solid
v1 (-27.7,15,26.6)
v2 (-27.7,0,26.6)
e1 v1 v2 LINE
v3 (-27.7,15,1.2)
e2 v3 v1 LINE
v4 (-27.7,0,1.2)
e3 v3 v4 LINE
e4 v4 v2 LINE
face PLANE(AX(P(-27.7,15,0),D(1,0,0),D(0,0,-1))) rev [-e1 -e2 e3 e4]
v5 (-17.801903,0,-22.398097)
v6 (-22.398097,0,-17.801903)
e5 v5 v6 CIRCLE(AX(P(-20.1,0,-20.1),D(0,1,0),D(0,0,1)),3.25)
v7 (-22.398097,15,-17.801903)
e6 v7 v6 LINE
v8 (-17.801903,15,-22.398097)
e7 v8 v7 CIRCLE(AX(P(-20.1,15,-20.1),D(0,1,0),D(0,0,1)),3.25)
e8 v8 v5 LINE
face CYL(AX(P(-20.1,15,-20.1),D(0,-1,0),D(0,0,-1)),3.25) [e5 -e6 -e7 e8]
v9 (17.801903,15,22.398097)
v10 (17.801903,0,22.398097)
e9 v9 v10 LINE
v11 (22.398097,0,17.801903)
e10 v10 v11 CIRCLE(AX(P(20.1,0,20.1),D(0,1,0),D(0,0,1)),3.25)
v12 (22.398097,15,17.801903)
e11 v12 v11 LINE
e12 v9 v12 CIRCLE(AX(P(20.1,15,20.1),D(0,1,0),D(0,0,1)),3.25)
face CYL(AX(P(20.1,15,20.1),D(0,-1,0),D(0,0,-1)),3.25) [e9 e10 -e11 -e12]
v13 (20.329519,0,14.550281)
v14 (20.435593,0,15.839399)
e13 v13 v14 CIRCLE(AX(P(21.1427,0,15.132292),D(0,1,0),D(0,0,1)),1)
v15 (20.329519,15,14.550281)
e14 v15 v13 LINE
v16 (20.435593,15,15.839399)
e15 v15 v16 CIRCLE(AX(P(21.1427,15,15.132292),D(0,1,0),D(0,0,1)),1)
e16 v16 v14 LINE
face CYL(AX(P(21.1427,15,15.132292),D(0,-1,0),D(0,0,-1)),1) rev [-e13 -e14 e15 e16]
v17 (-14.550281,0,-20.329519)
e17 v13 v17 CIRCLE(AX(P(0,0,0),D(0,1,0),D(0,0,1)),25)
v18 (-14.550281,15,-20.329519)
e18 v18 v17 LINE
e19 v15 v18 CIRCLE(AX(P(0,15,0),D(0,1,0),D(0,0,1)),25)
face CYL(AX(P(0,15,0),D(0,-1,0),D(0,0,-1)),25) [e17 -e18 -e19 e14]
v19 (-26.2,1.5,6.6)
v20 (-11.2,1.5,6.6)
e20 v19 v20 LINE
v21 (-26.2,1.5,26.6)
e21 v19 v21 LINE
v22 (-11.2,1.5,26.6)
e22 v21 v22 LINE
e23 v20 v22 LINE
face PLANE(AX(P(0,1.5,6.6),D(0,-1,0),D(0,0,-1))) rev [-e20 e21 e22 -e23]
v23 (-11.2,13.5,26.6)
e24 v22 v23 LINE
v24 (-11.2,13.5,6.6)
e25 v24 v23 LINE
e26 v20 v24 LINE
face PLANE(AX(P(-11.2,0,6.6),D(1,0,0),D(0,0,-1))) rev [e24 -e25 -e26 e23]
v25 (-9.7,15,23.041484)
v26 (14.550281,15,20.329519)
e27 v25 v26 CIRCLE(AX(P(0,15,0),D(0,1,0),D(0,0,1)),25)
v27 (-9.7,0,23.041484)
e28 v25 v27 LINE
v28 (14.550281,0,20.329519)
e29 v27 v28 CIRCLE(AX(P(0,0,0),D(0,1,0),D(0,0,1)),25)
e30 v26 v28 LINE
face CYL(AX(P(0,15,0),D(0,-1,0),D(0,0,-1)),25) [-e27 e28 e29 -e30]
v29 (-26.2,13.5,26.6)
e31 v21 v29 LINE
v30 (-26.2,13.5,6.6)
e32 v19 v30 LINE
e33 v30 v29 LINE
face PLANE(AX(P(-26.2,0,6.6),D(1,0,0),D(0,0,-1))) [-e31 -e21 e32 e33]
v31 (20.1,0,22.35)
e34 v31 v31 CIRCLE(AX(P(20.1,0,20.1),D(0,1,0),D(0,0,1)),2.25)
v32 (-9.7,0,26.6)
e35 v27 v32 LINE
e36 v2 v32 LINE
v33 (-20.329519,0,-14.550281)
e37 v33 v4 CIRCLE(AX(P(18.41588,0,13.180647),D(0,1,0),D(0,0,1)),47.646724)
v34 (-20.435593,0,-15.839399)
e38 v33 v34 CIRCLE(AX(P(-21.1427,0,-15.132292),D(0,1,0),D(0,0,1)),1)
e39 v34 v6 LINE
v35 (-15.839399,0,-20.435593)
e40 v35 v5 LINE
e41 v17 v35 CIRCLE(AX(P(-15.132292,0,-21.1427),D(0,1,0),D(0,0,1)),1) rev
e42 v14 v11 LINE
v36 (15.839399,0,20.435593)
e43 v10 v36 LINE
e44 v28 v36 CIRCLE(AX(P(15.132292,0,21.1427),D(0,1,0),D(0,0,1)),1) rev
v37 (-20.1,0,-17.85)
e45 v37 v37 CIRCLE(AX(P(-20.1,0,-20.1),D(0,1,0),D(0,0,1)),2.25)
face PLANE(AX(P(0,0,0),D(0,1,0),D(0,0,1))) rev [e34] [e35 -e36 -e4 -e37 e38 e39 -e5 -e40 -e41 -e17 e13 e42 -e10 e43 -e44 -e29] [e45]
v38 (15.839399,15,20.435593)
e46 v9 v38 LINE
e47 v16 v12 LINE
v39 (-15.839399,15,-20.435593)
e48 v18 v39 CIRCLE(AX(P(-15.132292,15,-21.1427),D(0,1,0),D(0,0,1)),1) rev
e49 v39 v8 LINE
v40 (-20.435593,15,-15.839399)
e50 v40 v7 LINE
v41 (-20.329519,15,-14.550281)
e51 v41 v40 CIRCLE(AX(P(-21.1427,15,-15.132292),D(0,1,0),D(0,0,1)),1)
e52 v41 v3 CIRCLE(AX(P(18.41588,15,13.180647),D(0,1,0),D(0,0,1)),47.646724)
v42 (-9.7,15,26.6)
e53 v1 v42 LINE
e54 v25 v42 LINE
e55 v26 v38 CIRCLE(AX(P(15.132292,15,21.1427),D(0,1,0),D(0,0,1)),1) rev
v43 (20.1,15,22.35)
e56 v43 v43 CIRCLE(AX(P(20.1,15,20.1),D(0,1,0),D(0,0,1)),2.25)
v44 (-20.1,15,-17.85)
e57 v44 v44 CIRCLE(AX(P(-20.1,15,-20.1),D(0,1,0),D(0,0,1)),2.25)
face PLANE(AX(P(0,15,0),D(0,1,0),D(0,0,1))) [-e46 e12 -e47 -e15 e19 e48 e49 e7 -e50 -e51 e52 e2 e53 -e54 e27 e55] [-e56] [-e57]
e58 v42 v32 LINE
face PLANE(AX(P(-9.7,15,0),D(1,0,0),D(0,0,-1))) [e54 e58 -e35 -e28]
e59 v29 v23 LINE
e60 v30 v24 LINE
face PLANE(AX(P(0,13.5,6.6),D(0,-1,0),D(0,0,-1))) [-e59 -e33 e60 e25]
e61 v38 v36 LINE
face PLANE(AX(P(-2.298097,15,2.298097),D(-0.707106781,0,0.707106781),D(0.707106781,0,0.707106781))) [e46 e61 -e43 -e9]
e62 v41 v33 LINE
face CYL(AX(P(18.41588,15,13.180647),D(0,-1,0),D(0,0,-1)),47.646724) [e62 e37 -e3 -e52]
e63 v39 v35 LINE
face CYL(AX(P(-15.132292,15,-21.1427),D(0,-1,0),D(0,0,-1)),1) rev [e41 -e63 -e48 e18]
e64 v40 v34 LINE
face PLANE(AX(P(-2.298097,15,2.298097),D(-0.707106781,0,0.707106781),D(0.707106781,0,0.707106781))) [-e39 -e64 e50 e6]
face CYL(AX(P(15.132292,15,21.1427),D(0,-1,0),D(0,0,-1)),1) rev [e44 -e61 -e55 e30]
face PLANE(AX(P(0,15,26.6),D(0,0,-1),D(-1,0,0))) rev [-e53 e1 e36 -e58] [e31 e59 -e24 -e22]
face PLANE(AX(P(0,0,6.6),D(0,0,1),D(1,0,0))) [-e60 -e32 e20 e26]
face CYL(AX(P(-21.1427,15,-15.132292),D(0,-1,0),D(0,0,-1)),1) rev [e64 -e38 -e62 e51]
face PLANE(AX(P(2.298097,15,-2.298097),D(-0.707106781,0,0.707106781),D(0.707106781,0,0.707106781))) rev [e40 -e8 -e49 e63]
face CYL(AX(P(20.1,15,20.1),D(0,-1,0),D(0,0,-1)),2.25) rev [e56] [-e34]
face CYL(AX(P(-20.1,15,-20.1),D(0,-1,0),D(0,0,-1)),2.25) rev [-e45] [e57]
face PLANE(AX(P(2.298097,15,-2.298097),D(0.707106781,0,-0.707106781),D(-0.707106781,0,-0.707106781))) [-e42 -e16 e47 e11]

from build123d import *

# Parameters (mm, degrees)
SKETCH1_R            = 2.25
BOSS_EXTRUDE1_DEPTH  = 15
SKETCH2_W            = 15
SKETCH2_H            = 12
BLOWER_OPENING_DEPTH = 20


with BuildPart() as part:
    # Sketch1 → Boss-Extrude1 (new body)
    with BuildSketch(Plane(origin=(0, 0, 0), x_dir=(1, 0, 0), z_dir=(0, 1, 0))):
        with BuildLine():
            ThreePointArc((-20.329518762, 14.550280647), (-24.739386117, 7.014235726), (-27.7, -1.2))
            Line((-27.7, -1.2), (-27.7, -26.6))
            Line((-27.7, -26.6), (-9.7, -26.6))
            Line((-9.7, -26.6), (-9.7, -23.041484327))
            ThreePointArc((-9.7, -23.041484327), (2.778487879, -24.845120348), (14.550280647, -20.329518762))
            ThreePointArc((14.550280647, -20.329518762), (15.214298861, -20.146067758), (15.839398654, -20.435592731))
            Line((15.839398654, -20.435592731), (17.801902961, -22.398097039))
            ThreePointArc((17.801902961, -22.398097039), (22.398097039, -22.398097039), (22.398097039, -17.801902961))
            Line((22.398097039, -17.801902961), (20.435592731, -15.839398654))
            ThreePointArc((20.435592731, -15.839398654), (20.146067758, -15.214298861), (20.329518762, -14.550280647))
            ThreePointArc((20.329518762, -14.550280647), (17.67766953, 17.67766953), (-14.550280647, 20.329518762))
            ThreePointArc((-14.550280647, 20.329518762), (-15.214298861, 20.146067758), (-15.839398654, 20.435592731))
            Line((-15.839398654, 20.435592731), (-17.801902961, 22.398097039))
            ThreePointArc((-17.801902961, 22.398097039), (-22.398097039, 22.398097039), (-22.398097039, 17.801902961))
            Line((-22.398097039, 17.801902961), (-20.435592731, 15.839398654))
            ThreePointArc((-20.435592731, 15.839398654), (-20.146067758, 15.214298861), (-20.329518762, 14.550280647))
        make_face()
        with Locations((-20.1, 20.1)):
            Circle(SKETCH1_R, mode=Mode.SUBTRACT)
        with Locations((20.1, -20.1)):
            Circle(SKETCH1_R, mode=Mode.SUBTRACT)
    extrude(amount=BOSS_EXTRUDE1_DEPTH)

    # Sketch2 → blower opening (cut)
    with BuildSketch(Plane.XY.offset(26.6)):
        with Locations((-18.7, 7.5)):
            Rectangle(SKETCH2_W, SKETCH2_H)
    extrude(amount=-BLOWER_OPENING_DEPTH, mode=Mode.SUBTRACT)


solid = part.part
